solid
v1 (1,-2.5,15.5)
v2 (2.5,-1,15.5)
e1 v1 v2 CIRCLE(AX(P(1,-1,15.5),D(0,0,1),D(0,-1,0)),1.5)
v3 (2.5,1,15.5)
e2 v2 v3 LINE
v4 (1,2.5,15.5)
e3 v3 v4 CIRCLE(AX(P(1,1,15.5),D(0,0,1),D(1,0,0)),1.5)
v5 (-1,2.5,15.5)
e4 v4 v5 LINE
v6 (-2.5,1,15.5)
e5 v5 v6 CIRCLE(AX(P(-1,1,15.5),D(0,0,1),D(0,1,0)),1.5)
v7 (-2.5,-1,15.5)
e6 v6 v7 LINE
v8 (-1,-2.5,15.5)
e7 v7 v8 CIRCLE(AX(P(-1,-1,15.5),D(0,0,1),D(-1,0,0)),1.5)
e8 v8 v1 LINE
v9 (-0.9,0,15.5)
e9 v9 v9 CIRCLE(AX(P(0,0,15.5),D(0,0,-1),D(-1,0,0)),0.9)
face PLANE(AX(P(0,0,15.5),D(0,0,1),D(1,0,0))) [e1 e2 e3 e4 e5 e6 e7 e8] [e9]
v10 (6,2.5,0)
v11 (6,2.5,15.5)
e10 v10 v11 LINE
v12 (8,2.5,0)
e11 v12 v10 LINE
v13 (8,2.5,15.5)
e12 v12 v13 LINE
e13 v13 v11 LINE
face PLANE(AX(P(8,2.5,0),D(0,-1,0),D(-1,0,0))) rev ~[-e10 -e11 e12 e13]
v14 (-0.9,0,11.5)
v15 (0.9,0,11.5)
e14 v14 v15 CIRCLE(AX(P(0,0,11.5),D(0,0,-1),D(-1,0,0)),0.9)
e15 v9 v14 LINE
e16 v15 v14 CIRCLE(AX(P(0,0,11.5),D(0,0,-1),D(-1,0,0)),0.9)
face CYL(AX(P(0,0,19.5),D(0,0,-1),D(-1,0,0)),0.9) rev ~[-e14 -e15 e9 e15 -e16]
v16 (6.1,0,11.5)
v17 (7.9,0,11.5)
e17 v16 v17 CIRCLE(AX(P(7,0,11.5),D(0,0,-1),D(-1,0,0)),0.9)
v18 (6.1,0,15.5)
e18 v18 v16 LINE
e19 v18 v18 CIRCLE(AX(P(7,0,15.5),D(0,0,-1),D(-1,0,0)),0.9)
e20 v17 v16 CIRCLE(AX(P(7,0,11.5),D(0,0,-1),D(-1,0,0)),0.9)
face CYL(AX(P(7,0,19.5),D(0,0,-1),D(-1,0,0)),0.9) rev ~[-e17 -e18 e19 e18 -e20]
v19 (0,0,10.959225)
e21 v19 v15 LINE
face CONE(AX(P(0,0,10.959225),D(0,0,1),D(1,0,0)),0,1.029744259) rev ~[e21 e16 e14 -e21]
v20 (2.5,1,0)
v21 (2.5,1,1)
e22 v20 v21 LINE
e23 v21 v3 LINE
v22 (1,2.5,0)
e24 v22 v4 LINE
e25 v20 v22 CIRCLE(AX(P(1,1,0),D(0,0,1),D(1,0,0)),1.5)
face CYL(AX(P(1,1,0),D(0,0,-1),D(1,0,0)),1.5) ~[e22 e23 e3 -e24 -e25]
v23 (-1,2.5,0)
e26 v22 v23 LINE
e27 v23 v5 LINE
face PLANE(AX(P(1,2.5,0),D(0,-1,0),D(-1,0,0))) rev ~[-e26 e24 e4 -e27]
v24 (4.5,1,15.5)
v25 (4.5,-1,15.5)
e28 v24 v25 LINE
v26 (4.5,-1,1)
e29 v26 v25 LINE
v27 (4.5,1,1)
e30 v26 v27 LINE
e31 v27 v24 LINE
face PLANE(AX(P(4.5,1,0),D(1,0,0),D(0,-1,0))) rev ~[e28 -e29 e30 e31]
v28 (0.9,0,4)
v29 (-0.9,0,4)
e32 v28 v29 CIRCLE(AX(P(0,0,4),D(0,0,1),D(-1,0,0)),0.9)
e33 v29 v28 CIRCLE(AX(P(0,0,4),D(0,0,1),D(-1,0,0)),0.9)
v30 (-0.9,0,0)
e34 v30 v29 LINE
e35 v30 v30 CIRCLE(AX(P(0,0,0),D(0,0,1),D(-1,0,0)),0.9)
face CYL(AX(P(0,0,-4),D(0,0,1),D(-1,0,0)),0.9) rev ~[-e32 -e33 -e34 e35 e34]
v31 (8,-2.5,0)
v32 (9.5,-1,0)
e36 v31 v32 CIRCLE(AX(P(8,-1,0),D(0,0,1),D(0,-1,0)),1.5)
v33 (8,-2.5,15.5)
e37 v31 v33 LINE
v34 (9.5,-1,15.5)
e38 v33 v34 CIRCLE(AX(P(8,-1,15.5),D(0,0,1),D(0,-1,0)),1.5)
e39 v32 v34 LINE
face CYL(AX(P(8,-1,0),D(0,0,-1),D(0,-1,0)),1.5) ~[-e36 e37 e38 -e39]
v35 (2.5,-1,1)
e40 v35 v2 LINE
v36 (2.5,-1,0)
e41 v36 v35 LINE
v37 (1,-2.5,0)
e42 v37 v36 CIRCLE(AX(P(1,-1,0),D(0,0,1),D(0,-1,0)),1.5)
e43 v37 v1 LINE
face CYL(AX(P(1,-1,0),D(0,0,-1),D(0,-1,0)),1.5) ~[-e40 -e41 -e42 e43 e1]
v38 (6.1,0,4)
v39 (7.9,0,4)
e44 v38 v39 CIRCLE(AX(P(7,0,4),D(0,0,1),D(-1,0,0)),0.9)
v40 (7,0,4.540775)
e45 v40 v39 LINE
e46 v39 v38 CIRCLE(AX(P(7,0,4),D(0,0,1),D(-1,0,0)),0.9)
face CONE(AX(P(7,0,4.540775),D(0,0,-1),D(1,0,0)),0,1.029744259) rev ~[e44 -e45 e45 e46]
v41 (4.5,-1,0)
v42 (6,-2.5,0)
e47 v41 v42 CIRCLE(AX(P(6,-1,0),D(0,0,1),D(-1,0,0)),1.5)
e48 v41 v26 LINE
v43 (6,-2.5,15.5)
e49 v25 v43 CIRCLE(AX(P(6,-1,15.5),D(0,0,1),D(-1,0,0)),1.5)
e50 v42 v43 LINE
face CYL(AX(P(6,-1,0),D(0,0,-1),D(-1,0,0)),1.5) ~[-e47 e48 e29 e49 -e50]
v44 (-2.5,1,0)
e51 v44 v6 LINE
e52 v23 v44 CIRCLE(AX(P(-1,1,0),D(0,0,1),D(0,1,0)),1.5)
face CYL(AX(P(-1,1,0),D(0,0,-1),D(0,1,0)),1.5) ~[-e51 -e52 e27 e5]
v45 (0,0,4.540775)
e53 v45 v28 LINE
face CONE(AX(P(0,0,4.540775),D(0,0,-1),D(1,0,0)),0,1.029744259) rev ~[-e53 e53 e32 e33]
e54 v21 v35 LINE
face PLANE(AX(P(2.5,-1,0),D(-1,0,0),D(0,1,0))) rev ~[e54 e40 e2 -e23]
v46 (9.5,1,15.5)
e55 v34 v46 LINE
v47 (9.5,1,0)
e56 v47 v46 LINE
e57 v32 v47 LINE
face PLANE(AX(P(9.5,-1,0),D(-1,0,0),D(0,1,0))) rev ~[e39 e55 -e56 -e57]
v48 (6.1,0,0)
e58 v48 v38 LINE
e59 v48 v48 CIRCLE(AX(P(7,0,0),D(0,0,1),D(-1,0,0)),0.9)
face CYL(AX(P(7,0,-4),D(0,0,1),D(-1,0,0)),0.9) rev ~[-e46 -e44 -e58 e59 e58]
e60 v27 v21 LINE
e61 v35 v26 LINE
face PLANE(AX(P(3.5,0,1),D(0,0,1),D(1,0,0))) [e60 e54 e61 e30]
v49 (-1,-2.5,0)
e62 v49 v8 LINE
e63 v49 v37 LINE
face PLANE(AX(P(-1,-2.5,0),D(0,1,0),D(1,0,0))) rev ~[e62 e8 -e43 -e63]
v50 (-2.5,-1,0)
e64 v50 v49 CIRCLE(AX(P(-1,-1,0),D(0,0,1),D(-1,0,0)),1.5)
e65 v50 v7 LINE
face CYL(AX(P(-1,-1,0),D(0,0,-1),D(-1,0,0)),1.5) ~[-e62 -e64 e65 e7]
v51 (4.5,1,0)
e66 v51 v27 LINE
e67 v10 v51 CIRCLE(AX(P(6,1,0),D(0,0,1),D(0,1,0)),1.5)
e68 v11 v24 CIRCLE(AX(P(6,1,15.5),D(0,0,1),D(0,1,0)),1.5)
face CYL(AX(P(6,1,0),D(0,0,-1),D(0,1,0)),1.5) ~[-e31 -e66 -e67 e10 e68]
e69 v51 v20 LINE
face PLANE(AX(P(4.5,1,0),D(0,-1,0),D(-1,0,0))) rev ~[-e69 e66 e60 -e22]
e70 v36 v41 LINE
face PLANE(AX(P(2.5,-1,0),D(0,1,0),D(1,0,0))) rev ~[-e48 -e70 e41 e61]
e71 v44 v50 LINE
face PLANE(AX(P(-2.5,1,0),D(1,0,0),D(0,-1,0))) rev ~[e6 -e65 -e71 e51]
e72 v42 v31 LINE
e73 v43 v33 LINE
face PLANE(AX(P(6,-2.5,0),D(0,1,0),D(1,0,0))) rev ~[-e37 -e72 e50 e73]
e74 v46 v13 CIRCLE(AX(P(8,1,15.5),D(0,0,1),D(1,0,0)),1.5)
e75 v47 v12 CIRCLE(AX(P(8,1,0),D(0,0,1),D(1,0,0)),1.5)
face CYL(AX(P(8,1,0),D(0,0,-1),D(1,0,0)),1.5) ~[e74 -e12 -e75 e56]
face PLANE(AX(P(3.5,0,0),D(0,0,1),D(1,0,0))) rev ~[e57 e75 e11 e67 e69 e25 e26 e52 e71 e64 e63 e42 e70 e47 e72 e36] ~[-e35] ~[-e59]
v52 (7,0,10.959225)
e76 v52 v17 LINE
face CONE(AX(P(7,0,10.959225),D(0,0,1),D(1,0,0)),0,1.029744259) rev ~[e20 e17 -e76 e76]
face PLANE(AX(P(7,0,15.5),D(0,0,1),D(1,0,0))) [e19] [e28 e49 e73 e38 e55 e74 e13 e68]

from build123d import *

# Parameters (mm, degrees)
F1_DEPTH = 15.5
F2_DEPTH = 1
F4_D     = 1.8
F4_DEPTH = 4
F4_TIP   = 0.5407745571
F5_D     = 1.8
F5_DEPTH = 4
F5_TIP   = 0.5407745571


with BuildPart() as f1:
    # F0 (on Top) → F1 (new body)
    with BuildSketch(Plane.XY):
        with BuildLine():
            Line((-1, -2.5), (1, -2.5))
            ThreePointArc((1, -2.5), (2.0606601718, -2.0606601718), (2.5, -1))
            Line((2.5, -1), (2.5, 1))
            ThreePointArc((2.5, 1), (2.0606601718, 2.0606601718), (1, 2.5))
            Line((1, 2.5), (-1, 2.5))
            ThreePointArc((-1, 2.5), (-2.0606601718, 2.0606601718), (-2.5, 1))
            Line((-2.5, 1), (-2.5, -1))
            ThreePointArc((-2.5, -1), (-2.0606601718, -2.0606601718), (-1, -2.5))
        make_face()
    extrude(amount=F1_DEPTH)



with BuildPart() as f1b:
    # F0 (on Top) → F1, piece 2 (new body)
    with BuildSketch(Plane.XY):
        with BuildLine():
            Line((4.5, 1), (4.5, -1))
            ThreePointArc((4.5, -1), (4.9393398282, -2.0606601718), (6, -2.5))
            Line((6, -2.5), (8, -2.5))
            ThreePointArc((8, -2.5), (9.0606601718, -2.0606601718), (9.5, -1))
            Line((9.5, -1), (9.5, 1))
            ThreePointArc((9.5, 1), (9.0606601718, 2.0606601718), (8, 2.5))
            Line((8, 2.5), (6, 2.5))
            ThreePointArc((6, 2.5), (4.9393398282, 2.0606601718), (4.5, 1))
        make_face()
    extrude(amount=F1_DEPTH)


with BuildPart() as f1_1:
    add(f1.part)

    add(f1b.part)  # F2 merges F1b
    # F0 (on Top) → F2 (join)
    with BuildSketch(Plane.XY):
        Polygon((2.5, 1), (2.5, -1), (3.5, -1), (4.5, -1), (4.5, 1), (3.5, 1), align=None)
    extrude(amount=F2_DEPTH)

    # F4
    with Locations(Plane.XY.offset(15.5)):
        with Locations((0, 0), (7, 0)):
            Hole(F4_D / 2, depth=F4_DEPTH)
            with Locations((0, 0, -(F4_DEPTH + F4_TIP / 2))):  # 118° drill point
                Cone(0, F4_D / 2, F4_TIP, mode=Mode.SUBTRACT)

    # F5
    with Locations(Plane(origin=(0, 0, 0), x_dir=(1, 0, 0), z_dir=(0, 0, -1))):
        with Locations((7, 0), (0, 0)):
            Hole(F5_D / 2, depth=F5_DEPTH)
            with Locations((0, 0, -(F5_DEPTH + F5_TIP / 2))):  # 118° drill point
                Cone(0, F5_D / 2, F5_TIP, mode=Mode.SUBTRACT)


solid = f1_1.part
